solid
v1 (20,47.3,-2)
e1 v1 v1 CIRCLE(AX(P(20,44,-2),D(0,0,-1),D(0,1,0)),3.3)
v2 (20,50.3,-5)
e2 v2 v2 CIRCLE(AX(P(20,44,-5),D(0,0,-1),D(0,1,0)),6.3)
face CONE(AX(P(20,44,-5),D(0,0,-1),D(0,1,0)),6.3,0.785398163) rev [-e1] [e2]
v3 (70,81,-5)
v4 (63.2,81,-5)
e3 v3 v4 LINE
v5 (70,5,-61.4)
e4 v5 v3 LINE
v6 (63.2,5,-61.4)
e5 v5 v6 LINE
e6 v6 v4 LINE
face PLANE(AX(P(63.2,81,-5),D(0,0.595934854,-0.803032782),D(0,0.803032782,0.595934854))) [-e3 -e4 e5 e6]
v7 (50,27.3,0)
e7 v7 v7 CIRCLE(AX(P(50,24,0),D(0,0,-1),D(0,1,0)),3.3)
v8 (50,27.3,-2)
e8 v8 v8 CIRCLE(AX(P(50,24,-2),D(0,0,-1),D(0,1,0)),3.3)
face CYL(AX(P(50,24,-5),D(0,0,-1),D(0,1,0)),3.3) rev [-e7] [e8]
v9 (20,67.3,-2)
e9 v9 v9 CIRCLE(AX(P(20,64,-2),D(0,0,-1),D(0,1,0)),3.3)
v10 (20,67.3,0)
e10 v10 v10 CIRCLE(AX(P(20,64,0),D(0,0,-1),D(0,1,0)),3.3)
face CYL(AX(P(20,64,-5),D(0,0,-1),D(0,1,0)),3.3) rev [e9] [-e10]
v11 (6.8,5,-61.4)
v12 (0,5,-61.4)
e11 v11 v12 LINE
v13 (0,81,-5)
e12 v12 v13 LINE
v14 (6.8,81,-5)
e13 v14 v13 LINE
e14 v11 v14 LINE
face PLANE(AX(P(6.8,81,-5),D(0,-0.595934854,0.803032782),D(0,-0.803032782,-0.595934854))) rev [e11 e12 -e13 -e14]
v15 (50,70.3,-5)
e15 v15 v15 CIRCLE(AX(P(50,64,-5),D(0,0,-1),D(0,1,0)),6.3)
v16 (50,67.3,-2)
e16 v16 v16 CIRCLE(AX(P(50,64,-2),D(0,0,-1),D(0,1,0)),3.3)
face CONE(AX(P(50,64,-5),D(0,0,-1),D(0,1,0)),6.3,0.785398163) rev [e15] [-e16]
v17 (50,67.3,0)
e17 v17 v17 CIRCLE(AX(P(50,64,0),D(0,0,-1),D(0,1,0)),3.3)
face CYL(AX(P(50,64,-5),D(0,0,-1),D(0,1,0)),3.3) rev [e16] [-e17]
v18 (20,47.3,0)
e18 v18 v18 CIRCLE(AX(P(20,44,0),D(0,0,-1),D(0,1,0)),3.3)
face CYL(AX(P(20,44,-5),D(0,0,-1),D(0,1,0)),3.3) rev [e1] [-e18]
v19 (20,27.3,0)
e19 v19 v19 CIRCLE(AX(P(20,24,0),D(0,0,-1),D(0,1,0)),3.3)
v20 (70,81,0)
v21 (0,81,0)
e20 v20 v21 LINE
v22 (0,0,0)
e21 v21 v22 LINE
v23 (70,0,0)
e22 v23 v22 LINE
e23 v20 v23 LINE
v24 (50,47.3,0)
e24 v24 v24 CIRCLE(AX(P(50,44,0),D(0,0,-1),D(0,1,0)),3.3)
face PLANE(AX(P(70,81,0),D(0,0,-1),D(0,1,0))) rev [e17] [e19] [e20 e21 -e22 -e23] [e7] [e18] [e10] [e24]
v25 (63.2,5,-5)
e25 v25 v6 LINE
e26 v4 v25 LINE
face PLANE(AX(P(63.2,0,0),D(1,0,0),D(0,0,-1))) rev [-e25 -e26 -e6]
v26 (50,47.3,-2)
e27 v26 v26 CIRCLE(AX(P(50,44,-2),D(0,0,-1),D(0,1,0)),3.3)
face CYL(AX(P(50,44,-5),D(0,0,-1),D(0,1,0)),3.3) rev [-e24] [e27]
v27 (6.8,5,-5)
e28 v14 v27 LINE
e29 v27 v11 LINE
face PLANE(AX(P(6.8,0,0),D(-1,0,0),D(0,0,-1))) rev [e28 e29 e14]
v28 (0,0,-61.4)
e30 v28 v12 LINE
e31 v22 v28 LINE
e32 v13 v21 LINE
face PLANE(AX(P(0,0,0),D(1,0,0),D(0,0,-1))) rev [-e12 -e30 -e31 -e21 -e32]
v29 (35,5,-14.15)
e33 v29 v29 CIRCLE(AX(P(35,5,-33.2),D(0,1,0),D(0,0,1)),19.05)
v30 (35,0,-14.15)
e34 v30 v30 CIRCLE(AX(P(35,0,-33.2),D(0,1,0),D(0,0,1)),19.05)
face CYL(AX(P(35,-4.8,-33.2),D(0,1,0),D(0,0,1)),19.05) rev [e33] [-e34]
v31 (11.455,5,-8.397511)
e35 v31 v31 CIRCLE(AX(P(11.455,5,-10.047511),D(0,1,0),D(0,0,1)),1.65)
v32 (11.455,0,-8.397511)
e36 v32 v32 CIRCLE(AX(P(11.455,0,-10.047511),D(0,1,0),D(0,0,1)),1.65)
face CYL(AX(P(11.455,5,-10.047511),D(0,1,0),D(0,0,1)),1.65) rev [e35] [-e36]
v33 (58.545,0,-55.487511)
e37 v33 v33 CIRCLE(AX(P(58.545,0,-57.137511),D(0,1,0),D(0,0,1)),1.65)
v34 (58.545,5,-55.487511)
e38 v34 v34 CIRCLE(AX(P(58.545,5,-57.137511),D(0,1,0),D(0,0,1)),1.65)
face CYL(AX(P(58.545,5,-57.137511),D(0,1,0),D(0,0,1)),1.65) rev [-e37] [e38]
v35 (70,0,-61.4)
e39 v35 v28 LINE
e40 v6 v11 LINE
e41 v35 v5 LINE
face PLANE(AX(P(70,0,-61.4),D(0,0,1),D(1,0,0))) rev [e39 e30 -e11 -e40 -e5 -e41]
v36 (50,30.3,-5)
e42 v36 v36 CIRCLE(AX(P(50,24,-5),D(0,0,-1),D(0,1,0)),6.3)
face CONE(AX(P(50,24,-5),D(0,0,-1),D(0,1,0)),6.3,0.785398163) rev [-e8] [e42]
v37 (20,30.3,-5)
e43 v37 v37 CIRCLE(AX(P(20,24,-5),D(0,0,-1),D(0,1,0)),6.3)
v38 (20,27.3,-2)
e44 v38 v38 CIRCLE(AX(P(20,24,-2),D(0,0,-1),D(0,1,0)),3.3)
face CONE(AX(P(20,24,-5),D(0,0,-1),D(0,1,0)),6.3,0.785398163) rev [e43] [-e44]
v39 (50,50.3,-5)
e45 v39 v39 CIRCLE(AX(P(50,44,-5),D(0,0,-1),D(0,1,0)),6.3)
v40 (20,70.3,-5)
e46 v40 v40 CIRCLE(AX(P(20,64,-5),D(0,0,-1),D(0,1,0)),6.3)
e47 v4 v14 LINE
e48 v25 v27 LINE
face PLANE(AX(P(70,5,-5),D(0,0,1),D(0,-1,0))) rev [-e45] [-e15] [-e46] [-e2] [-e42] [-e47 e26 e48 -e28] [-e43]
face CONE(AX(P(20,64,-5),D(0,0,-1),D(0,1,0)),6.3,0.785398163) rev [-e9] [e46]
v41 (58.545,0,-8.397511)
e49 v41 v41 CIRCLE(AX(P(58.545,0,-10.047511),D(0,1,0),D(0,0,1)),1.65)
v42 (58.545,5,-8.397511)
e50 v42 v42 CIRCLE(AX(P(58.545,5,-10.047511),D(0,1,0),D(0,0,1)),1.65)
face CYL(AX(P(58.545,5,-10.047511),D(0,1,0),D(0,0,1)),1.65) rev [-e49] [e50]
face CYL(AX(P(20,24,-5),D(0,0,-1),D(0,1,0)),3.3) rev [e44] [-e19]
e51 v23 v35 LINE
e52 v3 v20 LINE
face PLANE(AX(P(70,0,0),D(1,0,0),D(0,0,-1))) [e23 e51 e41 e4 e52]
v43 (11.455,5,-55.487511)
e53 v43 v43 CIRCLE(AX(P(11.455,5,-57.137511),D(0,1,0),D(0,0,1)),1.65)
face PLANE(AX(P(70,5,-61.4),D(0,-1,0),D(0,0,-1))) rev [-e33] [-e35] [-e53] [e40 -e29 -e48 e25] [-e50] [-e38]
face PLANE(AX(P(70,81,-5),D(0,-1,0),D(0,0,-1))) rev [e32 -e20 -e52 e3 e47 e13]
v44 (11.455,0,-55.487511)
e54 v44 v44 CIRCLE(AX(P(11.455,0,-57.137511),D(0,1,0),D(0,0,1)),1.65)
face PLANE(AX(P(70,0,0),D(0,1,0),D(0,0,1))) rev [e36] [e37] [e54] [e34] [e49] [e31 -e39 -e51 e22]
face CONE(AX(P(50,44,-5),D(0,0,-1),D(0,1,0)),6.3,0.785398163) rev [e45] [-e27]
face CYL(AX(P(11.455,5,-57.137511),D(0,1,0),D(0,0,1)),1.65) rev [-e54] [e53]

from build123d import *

# Parameters (mm, degrees)
DODANIE_WYCI_GNI_CIE1_DEPTH              = 70
DODANIE_WYCI_GNI_CIE2_DEPTH              = 6.8
OTW_R_GWINTOWANY_M41_D                   = 3.3
SZKIC3_R                                 = 19.05
WYTNIJ_WYCI_GNI_CIE1_DEPTH               = 9.8
POG_BIENIE_STO_KOWE_POD_M6_RUB_Z_2_COUNT = 2
POG_BIENIE_STO_KOWE_POD_M6_RUB_Z_2_PITCH = 30
POG_BIENIE_STO_KOWE_POD_M6_RUB_Z_3_COUNT = 2
POG_BIENIE_STO_KOWE_POD_M6_RUB_Z_3_PITCH = 20
POG_BIENIE_STO_KOWE_POD_M6_RUB_Z_4_COUNT = 2
POG_BIENIE_STO_KOWE_POD_M6_RUB_Z_4_PITCH = 36.055512755
POG_BIENIE_STO_KOWE_POD_M6_RUB_Z_5_COUNT = 2
POG_BIENIE_STO_KOWE_POD_M6_RUB_Z_5_PITCH = 40
POG_BIENIE_STO_KOWE_POD_M6_RUB_Z_6_COUNT = 2
POG_BIENIE_STO_KOWE_POD_M6_RUB_Z_6_PITCH = 50


with BuildPart() as part:
    # Szkic1 → Dodanie-wyciągnięcie1 (new body)
    with BuildSketch(Plane(origin=(0, 0, 0), x_dir=(0, 0, -1), z_dir=(1, 0, 0))):
        Polygon((0, 0), (61.4, 0), (61.4, 5), (5, 5), (5, 81), (0, 81), align=None)
    extrude(amount=DODANIE_WYCI_GNI_CIE1_DEPTH)

    # Szkic2 → Dodanie-wyciągnięcie2 (add)
    with BuildSketch(Plane(origin=(70, 0, 0), x_dir=(0, 0, -1), z_dir=(1, 0, 0))):
        Polygon((5, 81), (61.4, 5), (5, 5), align=None)
    dodanie_wyci_gni_cie2 = extrude(amount=-DODANIE_WYCI_GNI_CIE2_DEPTH)

    # Lustro1: Dodanie-wyciągnięcie2 across plane
    add(dodanie_wyci_gni_cie2.mirror(Plane(origin=(35, 0, 0), x_dir=(0, 0, 1), z_dir=(1, 0, 0))))

    # Otwór gwintowany M41 (through all)
    with Locations(Plane(origin=(11.455, 5, -57.137511403), x_dir=(0, 0, 1), z_dir=(0, 1, 0))):
        with Locations((0, 0), (0, 47.09), (47.09, 0), (47.09, 47.09)):
            Hole(OTW_R_GWINTOWANY_M41_D / 2)

    # Szkic3 → Wytnij-wyciągnięcie1 (cut)
    with BuildSketch(Plane(origin=(0, 5, 0), x_dir=(1, 0, 0), z_dir=(0, 1, 0))):
        with Locations(Location((35, 33.2, 0), (0, 0, 270))):
            Circle(SZKIC3_R)
    extrude(amount=-WYTNIJ_WYCI_GNI_CIE1_DEPTH, mode=Mode.SUBTRACT)

    # Szkic7 → Pogłębienie stożkowe pod M6 Śrubę z łbem soczewkowym1 (revolve, cut)
    with BuildSketch(Plane(origin=(50, 64, -5), x_dir=(0, 1, 0), z_dir=(1, 0, 0))):
        Polygon((0, 0), (0, 5), (3.3, 5), (3.3, 3), (6.3, 0), align=None)
    pog_bienie_sto_kowe_pod_m6_rub_z_bem = revolve(axis=Axis((50, 64, -11.35), (0, 0, 1)), mode=Mode.SUBTRACT)

    # Pog_bienie sto_kowe pod M6 _rub_ z _ 2: Pogłębienie stożkowe pod M6 Śrubę z łbem soczewkowym1 ×2
    with Locations(*[(-i * POG_BIENIE_STO_KOWE_POD_M6_RUB_Z_2_PITCH, 0, 0) for i in range(1, POG_BIENIE_STO_KOWE_POD_M6_RUB_Z_2_COUNT)]):
        add(pog_bienie_sto_kowe_pod_m6_rub_z_bem, mode=Mode.SUBTRACT)

    # Pog_bienie sto_kowe pod M6 _rub_ z _ 3: Pogłębienie stożkowe pod M6 Śrubę z łbem soczewkowym1 ×2
    with Locations(*[(0, -i * POG_BIENIE_STO_KOWE_POD_M6_RUB_Z_3_PITCH, 0) for i in range(1, POG_BIENIE_STO_KOWE_POD_M6_RUB_Z_3_COUNT)]):
        add(pog_bienie_sto_kowe_pod_m6_rub_z_bem, mode=Mode.SUBTRACT)

    # Pog_bienie sto_kowe pod M6 _rub_ z _ 4: Pogłębienie stożkowe pod M6 Śrubę z łbem soczewkowym1 ×2
    with Locations(*[Vector(-0.8320502943378438, -0.5547001962252289, 0) * (i * POG_BIENIE_STO_KOWE_POD_M6_RUB_Z_4_PITCH) for i in range(1, POG_BIENIE_STO_KOWE_POD_M6_RUB_Z_4_COUNT)]):
        add(pog_bienie_sto_kowe_pod_m6_rub_z_bem, mode=Mode.SUBTRACT)

    # Pog_bienie sto_kowe pod M6 _rub_ z _ 5: Pogłębienie stożkowe pod M6 Śrubę z łbem soczewkowym1 ×2
    with Locations(*[(0, -i * POG_BIENIE_STO_KOWE_POD_M6_RUB_Z_5_PITCH, 0) for i in range(1, POG_BIENIE_STO_KOWE_POD_M6_RUB_Z_5_COUNT)]):
        add(pog_bienie_sto_kowe_pod_m6_rub_z_bem, mode=Mode.SUBTRACT)

    # Pog_bienie sto_kowe pod M6 _rub_ z _ 6: Pogłębienie stożkowe pod M6 Śrubę z łbem soczewkowym1 ×2
    with Locations(*[Vector(-0.6000000000000001, -0.7999999999999999, 0) * (i * POG_BIENIE_STO_KOWE_POD_M6_RUB_Z_6_PITCH) for i in range(1, POG_BIENIE_STO_KOWE_POD_M6_RUB_Z_6_COUNT)]):
        add(pog_bienie_sto_kowe_pod_m6_rub_z_bem, mode=Mode.SUBTRACT)


solid = part.part
